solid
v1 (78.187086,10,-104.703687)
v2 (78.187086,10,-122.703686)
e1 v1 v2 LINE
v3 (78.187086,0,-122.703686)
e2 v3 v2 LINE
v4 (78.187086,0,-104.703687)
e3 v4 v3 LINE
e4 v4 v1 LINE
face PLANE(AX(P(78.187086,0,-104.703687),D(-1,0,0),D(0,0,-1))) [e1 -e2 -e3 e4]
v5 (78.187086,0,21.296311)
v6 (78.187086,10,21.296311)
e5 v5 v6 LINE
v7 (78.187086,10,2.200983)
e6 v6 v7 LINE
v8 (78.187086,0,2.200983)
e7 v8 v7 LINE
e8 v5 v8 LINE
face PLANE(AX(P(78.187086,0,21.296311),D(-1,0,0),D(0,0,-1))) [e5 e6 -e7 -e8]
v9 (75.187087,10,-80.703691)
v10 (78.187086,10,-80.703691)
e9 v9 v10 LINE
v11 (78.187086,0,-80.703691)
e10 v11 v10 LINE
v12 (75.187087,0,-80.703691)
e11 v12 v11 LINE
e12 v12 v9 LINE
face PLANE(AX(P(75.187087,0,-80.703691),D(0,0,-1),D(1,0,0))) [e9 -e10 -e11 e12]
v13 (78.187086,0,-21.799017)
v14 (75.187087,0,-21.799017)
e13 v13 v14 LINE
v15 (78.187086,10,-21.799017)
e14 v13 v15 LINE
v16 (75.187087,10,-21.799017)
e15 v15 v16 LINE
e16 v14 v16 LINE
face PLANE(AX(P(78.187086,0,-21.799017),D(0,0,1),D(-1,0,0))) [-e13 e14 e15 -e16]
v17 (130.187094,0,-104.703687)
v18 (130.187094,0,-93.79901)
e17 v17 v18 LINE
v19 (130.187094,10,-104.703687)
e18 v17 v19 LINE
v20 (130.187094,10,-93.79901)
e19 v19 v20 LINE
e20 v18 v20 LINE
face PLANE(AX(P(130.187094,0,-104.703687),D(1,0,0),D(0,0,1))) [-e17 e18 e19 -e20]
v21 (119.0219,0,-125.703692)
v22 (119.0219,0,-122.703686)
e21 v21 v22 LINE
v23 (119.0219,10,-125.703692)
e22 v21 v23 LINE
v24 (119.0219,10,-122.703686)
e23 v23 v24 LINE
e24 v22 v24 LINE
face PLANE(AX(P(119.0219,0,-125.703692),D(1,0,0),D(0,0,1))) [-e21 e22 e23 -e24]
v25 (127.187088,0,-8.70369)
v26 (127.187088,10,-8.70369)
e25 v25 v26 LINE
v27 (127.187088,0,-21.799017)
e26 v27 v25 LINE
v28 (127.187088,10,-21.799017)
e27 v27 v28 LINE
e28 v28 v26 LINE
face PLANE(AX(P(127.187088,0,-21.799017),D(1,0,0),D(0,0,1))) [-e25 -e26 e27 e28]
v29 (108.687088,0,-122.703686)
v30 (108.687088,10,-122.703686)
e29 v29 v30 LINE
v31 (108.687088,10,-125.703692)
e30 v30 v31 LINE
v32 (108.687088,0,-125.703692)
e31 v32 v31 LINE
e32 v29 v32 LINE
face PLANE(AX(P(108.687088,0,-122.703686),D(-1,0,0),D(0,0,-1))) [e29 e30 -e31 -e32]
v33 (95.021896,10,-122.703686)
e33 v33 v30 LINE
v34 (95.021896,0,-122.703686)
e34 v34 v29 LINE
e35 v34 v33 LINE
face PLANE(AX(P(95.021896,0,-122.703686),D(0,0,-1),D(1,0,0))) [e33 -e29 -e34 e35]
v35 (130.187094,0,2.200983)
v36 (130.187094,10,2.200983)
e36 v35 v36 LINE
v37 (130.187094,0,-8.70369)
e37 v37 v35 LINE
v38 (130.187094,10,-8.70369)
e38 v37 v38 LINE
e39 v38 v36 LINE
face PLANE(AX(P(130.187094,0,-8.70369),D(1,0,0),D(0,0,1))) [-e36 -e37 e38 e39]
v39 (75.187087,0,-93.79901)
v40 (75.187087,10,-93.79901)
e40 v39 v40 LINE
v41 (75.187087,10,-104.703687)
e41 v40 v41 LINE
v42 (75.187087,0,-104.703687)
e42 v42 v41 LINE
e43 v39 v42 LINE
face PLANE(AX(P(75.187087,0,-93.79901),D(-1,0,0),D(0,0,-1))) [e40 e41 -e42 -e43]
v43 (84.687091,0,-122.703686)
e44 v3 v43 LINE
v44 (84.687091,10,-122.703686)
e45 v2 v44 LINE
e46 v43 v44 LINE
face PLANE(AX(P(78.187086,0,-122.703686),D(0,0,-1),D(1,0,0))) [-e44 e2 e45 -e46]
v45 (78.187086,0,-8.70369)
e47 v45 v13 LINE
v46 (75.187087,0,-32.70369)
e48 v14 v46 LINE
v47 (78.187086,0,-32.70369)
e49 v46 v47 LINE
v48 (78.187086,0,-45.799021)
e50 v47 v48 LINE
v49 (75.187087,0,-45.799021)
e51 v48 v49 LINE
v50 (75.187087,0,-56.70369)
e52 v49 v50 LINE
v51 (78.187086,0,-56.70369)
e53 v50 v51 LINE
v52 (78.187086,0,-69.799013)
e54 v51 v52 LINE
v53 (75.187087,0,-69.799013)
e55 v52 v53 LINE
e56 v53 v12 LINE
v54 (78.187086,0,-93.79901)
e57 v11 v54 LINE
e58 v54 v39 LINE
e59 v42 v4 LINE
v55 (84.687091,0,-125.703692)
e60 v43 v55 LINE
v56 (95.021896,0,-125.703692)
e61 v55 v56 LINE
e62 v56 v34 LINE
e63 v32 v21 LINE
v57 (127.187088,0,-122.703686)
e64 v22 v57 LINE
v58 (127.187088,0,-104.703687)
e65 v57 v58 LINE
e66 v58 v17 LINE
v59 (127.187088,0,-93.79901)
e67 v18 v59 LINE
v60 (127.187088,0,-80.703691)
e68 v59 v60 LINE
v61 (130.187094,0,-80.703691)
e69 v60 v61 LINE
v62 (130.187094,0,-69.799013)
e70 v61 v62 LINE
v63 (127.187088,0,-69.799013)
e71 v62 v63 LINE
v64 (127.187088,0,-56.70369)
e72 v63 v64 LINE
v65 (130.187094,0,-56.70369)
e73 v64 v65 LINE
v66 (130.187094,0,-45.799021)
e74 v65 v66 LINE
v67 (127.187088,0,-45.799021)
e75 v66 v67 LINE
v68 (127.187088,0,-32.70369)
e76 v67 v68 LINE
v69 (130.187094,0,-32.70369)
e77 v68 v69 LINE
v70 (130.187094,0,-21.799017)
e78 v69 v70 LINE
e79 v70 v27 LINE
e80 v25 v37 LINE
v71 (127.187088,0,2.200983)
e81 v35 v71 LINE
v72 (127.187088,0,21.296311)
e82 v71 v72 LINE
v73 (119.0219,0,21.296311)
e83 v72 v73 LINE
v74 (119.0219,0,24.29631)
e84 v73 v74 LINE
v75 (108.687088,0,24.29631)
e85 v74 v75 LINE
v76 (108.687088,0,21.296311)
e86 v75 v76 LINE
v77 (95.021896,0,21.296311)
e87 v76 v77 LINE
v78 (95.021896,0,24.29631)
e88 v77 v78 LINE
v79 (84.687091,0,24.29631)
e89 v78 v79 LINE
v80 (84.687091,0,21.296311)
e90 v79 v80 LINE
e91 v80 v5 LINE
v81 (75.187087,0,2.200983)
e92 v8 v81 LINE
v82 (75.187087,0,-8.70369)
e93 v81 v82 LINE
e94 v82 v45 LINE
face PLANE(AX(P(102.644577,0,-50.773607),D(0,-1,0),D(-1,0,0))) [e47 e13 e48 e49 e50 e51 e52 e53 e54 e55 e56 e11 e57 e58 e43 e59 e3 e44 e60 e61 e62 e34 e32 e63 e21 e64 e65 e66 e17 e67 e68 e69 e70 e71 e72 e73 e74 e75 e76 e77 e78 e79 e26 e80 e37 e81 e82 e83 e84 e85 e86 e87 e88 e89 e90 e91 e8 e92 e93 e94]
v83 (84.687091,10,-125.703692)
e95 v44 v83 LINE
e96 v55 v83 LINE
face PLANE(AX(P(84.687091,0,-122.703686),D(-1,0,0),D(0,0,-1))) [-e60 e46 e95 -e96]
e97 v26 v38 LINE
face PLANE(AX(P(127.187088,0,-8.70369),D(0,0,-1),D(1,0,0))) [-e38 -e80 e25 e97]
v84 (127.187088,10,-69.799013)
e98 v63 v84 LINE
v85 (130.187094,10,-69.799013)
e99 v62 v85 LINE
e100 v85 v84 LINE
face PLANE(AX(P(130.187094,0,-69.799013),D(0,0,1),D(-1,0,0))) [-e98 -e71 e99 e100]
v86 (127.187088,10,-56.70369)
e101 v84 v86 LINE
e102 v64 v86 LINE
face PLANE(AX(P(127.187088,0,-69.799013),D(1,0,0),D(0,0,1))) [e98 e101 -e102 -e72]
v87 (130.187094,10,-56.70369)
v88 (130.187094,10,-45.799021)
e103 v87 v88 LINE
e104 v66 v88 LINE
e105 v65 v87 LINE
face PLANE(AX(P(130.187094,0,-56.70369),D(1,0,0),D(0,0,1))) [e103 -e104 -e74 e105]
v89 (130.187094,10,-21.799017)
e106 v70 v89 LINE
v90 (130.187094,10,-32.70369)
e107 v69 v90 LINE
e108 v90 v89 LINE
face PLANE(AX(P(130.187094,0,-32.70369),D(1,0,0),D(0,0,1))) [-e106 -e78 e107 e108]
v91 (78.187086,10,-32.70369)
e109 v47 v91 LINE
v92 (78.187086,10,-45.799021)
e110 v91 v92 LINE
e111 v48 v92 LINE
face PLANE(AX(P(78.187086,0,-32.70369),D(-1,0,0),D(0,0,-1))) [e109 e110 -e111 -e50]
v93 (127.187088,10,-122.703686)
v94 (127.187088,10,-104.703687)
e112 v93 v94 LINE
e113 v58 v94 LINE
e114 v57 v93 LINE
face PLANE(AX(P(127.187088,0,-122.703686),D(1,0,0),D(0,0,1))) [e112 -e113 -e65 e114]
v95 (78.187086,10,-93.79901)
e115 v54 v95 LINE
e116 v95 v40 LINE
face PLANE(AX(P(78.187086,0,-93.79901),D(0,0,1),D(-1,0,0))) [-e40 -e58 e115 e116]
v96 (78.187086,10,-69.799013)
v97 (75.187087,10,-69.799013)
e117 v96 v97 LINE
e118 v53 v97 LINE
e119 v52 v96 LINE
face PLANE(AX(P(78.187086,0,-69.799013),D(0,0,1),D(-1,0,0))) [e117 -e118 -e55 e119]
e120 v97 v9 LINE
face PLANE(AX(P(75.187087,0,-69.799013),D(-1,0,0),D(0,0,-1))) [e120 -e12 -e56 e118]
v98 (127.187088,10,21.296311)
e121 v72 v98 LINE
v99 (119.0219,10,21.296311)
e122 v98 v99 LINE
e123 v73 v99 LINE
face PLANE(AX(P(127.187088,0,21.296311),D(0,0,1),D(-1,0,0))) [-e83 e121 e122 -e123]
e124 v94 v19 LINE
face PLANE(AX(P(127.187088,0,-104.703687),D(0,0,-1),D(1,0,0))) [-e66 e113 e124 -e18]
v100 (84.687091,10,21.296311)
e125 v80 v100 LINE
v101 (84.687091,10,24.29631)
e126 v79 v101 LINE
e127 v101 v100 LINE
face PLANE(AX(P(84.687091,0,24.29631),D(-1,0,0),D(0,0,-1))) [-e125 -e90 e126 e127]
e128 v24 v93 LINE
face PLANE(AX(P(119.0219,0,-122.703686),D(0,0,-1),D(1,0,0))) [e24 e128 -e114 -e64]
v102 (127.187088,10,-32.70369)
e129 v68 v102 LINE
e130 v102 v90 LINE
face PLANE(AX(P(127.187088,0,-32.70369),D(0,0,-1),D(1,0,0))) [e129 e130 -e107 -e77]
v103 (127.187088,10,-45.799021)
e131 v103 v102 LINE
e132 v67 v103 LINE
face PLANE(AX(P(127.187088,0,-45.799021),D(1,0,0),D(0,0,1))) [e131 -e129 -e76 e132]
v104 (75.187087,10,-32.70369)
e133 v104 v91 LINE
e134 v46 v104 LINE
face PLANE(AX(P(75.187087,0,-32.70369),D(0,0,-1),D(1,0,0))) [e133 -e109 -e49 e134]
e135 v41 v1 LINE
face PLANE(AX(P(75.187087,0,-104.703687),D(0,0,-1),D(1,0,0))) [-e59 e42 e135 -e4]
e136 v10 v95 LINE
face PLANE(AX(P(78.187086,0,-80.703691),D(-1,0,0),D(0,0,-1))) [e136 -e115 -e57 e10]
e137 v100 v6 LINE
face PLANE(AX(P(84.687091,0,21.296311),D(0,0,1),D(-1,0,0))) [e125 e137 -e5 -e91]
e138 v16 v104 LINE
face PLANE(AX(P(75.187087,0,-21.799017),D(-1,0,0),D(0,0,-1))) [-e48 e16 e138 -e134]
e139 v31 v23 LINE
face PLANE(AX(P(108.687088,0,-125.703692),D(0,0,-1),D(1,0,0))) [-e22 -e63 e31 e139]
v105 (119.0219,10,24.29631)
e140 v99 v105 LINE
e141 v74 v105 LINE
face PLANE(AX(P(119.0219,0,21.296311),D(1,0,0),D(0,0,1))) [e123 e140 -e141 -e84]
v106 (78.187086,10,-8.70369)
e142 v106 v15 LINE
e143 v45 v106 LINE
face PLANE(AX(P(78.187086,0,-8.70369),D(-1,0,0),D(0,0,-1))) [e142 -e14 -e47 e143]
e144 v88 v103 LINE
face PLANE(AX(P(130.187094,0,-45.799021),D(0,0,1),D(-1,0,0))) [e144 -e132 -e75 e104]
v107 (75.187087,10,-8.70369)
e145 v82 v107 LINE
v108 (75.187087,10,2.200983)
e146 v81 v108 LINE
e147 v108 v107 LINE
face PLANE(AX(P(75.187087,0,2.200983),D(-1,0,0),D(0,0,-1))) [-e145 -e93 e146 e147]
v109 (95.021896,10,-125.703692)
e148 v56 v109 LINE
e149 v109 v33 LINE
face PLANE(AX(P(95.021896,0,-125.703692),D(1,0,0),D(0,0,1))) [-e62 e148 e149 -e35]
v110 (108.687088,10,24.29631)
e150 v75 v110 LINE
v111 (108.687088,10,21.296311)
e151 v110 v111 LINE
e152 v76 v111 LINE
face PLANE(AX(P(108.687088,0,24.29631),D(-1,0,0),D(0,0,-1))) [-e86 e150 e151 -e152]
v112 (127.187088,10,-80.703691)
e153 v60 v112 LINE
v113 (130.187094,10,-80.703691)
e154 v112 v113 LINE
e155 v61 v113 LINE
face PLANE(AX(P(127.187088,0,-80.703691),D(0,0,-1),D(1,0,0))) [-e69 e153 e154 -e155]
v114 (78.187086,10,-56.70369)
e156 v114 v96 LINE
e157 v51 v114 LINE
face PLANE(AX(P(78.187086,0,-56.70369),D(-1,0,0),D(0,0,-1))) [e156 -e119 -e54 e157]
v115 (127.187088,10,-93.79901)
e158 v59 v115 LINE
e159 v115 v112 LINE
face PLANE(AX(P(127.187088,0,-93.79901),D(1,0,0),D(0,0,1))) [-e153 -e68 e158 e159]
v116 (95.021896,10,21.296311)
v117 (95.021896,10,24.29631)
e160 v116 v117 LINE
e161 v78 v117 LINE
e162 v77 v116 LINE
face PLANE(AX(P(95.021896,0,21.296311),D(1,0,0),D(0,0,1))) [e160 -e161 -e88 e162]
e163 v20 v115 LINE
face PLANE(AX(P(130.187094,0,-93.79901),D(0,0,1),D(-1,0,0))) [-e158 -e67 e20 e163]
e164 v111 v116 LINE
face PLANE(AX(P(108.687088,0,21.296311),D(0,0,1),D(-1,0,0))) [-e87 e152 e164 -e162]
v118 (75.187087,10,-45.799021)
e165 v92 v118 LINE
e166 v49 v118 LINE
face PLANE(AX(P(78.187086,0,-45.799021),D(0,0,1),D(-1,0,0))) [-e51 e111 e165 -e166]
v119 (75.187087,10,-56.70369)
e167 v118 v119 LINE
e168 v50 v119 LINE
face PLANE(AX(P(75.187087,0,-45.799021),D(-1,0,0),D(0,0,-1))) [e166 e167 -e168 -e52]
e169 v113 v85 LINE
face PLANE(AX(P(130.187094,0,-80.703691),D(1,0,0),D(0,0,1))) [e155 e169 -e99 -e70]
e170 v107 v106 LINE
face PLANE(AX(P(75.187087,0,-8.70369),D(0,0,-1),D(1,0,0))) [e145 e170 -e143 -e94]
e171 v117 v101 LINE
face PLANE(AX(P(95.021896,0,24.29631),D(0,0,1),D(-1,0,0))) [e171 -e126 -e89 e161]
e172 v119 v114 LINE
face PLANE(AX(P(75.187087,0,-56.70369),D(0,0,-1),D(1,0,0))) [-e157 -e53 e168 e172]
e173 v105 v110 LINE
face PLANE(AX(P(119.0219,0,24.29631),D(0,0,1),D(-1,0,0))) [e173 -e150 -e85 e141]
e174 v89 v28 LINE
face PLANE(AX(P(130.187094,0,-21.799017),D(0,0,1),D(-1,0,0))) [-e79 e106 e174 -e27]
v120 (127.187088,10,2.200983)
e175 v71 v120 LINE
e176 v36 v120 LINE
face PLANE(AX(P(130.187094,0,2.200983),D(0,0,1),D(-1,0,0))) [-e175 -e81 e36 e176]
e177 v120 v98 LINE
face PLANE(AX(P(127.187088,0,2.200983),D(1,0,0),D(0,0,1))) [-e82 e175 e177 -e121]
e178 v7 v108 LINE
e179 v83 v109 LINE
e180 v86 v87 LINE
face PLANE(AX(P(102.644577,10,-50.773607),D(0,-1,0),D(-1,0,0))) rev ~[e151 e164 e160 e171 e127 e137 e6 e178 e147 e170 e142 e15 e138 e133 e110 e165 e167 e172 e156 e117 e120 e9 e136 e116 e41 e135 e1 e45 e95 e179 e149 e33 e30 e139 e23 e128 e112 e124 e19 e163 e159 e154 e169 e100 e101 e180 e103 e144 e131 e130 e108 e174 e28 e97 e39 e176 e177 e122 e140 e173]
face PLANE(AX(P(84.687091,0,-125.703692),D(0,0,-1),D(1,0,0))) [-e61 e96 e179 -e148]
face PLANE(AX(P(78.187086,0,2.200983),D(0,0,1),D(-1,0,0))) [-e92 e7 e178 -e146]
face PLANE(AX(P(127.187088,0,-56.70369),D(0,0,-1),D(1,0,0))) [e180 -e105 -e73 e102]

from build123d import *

# Parameters (mm, degrees)
BOSS_EXTRUDE1_DEPTH = 10


with BuildPart() as part:
    # Sketch1 → Boss-Extrude1 (new body)
    with BuildSketch(Plane(origin=(0, 0, 0), x_dir=(1, 0, 0), z_dir=(0, 1, 0))):
        Polygon((95.021896064, 122.703686357), (108.687087893, 122.703686357), (108.687087893, 125.703692436), (119.021899998, 125.703692436), (119.021899998, 122.703686357), (127.187088132, 122.703686357), (127.187088132, 104.703687131), (130.187094212, 104.703687131), (130.187094212, 93.799009919), (127.187088132, 93.799009919), (127.187088132, 80.703690648), (130.187094212, 80.703690648), (130.187094212, 69.799013436), (127.187088132, 69.799013436), (127.187088132, 56.703690439), (130.187094212, 56.703690439), (130.187094212, 45.799020678), (127.187088132, 45.799020678), (127.187088132, 32.703690231), (130.187094212, 32.703690231), (130.187094212, 21.799016744), (127.187088132, 21.799016744), (127.187088132, 8.703690022), (130.187094212, 8.703690022), (130.187094212, -2.200983232), (127.187088132, -2.200983232), (127.187088132, -21.29631117), (119.021899998, -21.29631117), (119.021899998, -24.296309799), (108.687087893, -24.296309799), (108.687087893, -21.29631117), (95.021896064, -21.29631117), (95.021896064, -24.296309799), (84.68709141, -24.296309799), (84.68709141, -21.29631117), (78.187085688, -21.29631117), (78.187085688, -2.200983232), (75.187087059, -2.200983232), (75.187087059, 8.703690022), (78.187085688, 8.703690022), (78.187085688, 21.799016744), (75.187087059, 21.799016744), (75.187087059, 32.703690231), (78.187085688, 32.703690231), (78.187085688, 45.799020678), (75.187087059, 45.799020678), (75.187087059, 56.703690439), (78.187085688, 56.703690439), (78.187085688, 69.799013436), (75.187087059, 69.799013436), (75.187087059, 80.703690648), (78.187085688, 80.703690648), (78.187085688, 93.799009919), (75.187087059, 93.799009919), (75.187087059, 104.703687131), (78.187085688, 104.703687131), (78.187085688, 122.703686357), (84.68709141, 122.703686357), (84.68709141, 125.703692436), (95.021896064, 125.703692436), align=None)
    extrude(amount=BOSS_EXTRUDE1_DEPTH)


solid = part.part
